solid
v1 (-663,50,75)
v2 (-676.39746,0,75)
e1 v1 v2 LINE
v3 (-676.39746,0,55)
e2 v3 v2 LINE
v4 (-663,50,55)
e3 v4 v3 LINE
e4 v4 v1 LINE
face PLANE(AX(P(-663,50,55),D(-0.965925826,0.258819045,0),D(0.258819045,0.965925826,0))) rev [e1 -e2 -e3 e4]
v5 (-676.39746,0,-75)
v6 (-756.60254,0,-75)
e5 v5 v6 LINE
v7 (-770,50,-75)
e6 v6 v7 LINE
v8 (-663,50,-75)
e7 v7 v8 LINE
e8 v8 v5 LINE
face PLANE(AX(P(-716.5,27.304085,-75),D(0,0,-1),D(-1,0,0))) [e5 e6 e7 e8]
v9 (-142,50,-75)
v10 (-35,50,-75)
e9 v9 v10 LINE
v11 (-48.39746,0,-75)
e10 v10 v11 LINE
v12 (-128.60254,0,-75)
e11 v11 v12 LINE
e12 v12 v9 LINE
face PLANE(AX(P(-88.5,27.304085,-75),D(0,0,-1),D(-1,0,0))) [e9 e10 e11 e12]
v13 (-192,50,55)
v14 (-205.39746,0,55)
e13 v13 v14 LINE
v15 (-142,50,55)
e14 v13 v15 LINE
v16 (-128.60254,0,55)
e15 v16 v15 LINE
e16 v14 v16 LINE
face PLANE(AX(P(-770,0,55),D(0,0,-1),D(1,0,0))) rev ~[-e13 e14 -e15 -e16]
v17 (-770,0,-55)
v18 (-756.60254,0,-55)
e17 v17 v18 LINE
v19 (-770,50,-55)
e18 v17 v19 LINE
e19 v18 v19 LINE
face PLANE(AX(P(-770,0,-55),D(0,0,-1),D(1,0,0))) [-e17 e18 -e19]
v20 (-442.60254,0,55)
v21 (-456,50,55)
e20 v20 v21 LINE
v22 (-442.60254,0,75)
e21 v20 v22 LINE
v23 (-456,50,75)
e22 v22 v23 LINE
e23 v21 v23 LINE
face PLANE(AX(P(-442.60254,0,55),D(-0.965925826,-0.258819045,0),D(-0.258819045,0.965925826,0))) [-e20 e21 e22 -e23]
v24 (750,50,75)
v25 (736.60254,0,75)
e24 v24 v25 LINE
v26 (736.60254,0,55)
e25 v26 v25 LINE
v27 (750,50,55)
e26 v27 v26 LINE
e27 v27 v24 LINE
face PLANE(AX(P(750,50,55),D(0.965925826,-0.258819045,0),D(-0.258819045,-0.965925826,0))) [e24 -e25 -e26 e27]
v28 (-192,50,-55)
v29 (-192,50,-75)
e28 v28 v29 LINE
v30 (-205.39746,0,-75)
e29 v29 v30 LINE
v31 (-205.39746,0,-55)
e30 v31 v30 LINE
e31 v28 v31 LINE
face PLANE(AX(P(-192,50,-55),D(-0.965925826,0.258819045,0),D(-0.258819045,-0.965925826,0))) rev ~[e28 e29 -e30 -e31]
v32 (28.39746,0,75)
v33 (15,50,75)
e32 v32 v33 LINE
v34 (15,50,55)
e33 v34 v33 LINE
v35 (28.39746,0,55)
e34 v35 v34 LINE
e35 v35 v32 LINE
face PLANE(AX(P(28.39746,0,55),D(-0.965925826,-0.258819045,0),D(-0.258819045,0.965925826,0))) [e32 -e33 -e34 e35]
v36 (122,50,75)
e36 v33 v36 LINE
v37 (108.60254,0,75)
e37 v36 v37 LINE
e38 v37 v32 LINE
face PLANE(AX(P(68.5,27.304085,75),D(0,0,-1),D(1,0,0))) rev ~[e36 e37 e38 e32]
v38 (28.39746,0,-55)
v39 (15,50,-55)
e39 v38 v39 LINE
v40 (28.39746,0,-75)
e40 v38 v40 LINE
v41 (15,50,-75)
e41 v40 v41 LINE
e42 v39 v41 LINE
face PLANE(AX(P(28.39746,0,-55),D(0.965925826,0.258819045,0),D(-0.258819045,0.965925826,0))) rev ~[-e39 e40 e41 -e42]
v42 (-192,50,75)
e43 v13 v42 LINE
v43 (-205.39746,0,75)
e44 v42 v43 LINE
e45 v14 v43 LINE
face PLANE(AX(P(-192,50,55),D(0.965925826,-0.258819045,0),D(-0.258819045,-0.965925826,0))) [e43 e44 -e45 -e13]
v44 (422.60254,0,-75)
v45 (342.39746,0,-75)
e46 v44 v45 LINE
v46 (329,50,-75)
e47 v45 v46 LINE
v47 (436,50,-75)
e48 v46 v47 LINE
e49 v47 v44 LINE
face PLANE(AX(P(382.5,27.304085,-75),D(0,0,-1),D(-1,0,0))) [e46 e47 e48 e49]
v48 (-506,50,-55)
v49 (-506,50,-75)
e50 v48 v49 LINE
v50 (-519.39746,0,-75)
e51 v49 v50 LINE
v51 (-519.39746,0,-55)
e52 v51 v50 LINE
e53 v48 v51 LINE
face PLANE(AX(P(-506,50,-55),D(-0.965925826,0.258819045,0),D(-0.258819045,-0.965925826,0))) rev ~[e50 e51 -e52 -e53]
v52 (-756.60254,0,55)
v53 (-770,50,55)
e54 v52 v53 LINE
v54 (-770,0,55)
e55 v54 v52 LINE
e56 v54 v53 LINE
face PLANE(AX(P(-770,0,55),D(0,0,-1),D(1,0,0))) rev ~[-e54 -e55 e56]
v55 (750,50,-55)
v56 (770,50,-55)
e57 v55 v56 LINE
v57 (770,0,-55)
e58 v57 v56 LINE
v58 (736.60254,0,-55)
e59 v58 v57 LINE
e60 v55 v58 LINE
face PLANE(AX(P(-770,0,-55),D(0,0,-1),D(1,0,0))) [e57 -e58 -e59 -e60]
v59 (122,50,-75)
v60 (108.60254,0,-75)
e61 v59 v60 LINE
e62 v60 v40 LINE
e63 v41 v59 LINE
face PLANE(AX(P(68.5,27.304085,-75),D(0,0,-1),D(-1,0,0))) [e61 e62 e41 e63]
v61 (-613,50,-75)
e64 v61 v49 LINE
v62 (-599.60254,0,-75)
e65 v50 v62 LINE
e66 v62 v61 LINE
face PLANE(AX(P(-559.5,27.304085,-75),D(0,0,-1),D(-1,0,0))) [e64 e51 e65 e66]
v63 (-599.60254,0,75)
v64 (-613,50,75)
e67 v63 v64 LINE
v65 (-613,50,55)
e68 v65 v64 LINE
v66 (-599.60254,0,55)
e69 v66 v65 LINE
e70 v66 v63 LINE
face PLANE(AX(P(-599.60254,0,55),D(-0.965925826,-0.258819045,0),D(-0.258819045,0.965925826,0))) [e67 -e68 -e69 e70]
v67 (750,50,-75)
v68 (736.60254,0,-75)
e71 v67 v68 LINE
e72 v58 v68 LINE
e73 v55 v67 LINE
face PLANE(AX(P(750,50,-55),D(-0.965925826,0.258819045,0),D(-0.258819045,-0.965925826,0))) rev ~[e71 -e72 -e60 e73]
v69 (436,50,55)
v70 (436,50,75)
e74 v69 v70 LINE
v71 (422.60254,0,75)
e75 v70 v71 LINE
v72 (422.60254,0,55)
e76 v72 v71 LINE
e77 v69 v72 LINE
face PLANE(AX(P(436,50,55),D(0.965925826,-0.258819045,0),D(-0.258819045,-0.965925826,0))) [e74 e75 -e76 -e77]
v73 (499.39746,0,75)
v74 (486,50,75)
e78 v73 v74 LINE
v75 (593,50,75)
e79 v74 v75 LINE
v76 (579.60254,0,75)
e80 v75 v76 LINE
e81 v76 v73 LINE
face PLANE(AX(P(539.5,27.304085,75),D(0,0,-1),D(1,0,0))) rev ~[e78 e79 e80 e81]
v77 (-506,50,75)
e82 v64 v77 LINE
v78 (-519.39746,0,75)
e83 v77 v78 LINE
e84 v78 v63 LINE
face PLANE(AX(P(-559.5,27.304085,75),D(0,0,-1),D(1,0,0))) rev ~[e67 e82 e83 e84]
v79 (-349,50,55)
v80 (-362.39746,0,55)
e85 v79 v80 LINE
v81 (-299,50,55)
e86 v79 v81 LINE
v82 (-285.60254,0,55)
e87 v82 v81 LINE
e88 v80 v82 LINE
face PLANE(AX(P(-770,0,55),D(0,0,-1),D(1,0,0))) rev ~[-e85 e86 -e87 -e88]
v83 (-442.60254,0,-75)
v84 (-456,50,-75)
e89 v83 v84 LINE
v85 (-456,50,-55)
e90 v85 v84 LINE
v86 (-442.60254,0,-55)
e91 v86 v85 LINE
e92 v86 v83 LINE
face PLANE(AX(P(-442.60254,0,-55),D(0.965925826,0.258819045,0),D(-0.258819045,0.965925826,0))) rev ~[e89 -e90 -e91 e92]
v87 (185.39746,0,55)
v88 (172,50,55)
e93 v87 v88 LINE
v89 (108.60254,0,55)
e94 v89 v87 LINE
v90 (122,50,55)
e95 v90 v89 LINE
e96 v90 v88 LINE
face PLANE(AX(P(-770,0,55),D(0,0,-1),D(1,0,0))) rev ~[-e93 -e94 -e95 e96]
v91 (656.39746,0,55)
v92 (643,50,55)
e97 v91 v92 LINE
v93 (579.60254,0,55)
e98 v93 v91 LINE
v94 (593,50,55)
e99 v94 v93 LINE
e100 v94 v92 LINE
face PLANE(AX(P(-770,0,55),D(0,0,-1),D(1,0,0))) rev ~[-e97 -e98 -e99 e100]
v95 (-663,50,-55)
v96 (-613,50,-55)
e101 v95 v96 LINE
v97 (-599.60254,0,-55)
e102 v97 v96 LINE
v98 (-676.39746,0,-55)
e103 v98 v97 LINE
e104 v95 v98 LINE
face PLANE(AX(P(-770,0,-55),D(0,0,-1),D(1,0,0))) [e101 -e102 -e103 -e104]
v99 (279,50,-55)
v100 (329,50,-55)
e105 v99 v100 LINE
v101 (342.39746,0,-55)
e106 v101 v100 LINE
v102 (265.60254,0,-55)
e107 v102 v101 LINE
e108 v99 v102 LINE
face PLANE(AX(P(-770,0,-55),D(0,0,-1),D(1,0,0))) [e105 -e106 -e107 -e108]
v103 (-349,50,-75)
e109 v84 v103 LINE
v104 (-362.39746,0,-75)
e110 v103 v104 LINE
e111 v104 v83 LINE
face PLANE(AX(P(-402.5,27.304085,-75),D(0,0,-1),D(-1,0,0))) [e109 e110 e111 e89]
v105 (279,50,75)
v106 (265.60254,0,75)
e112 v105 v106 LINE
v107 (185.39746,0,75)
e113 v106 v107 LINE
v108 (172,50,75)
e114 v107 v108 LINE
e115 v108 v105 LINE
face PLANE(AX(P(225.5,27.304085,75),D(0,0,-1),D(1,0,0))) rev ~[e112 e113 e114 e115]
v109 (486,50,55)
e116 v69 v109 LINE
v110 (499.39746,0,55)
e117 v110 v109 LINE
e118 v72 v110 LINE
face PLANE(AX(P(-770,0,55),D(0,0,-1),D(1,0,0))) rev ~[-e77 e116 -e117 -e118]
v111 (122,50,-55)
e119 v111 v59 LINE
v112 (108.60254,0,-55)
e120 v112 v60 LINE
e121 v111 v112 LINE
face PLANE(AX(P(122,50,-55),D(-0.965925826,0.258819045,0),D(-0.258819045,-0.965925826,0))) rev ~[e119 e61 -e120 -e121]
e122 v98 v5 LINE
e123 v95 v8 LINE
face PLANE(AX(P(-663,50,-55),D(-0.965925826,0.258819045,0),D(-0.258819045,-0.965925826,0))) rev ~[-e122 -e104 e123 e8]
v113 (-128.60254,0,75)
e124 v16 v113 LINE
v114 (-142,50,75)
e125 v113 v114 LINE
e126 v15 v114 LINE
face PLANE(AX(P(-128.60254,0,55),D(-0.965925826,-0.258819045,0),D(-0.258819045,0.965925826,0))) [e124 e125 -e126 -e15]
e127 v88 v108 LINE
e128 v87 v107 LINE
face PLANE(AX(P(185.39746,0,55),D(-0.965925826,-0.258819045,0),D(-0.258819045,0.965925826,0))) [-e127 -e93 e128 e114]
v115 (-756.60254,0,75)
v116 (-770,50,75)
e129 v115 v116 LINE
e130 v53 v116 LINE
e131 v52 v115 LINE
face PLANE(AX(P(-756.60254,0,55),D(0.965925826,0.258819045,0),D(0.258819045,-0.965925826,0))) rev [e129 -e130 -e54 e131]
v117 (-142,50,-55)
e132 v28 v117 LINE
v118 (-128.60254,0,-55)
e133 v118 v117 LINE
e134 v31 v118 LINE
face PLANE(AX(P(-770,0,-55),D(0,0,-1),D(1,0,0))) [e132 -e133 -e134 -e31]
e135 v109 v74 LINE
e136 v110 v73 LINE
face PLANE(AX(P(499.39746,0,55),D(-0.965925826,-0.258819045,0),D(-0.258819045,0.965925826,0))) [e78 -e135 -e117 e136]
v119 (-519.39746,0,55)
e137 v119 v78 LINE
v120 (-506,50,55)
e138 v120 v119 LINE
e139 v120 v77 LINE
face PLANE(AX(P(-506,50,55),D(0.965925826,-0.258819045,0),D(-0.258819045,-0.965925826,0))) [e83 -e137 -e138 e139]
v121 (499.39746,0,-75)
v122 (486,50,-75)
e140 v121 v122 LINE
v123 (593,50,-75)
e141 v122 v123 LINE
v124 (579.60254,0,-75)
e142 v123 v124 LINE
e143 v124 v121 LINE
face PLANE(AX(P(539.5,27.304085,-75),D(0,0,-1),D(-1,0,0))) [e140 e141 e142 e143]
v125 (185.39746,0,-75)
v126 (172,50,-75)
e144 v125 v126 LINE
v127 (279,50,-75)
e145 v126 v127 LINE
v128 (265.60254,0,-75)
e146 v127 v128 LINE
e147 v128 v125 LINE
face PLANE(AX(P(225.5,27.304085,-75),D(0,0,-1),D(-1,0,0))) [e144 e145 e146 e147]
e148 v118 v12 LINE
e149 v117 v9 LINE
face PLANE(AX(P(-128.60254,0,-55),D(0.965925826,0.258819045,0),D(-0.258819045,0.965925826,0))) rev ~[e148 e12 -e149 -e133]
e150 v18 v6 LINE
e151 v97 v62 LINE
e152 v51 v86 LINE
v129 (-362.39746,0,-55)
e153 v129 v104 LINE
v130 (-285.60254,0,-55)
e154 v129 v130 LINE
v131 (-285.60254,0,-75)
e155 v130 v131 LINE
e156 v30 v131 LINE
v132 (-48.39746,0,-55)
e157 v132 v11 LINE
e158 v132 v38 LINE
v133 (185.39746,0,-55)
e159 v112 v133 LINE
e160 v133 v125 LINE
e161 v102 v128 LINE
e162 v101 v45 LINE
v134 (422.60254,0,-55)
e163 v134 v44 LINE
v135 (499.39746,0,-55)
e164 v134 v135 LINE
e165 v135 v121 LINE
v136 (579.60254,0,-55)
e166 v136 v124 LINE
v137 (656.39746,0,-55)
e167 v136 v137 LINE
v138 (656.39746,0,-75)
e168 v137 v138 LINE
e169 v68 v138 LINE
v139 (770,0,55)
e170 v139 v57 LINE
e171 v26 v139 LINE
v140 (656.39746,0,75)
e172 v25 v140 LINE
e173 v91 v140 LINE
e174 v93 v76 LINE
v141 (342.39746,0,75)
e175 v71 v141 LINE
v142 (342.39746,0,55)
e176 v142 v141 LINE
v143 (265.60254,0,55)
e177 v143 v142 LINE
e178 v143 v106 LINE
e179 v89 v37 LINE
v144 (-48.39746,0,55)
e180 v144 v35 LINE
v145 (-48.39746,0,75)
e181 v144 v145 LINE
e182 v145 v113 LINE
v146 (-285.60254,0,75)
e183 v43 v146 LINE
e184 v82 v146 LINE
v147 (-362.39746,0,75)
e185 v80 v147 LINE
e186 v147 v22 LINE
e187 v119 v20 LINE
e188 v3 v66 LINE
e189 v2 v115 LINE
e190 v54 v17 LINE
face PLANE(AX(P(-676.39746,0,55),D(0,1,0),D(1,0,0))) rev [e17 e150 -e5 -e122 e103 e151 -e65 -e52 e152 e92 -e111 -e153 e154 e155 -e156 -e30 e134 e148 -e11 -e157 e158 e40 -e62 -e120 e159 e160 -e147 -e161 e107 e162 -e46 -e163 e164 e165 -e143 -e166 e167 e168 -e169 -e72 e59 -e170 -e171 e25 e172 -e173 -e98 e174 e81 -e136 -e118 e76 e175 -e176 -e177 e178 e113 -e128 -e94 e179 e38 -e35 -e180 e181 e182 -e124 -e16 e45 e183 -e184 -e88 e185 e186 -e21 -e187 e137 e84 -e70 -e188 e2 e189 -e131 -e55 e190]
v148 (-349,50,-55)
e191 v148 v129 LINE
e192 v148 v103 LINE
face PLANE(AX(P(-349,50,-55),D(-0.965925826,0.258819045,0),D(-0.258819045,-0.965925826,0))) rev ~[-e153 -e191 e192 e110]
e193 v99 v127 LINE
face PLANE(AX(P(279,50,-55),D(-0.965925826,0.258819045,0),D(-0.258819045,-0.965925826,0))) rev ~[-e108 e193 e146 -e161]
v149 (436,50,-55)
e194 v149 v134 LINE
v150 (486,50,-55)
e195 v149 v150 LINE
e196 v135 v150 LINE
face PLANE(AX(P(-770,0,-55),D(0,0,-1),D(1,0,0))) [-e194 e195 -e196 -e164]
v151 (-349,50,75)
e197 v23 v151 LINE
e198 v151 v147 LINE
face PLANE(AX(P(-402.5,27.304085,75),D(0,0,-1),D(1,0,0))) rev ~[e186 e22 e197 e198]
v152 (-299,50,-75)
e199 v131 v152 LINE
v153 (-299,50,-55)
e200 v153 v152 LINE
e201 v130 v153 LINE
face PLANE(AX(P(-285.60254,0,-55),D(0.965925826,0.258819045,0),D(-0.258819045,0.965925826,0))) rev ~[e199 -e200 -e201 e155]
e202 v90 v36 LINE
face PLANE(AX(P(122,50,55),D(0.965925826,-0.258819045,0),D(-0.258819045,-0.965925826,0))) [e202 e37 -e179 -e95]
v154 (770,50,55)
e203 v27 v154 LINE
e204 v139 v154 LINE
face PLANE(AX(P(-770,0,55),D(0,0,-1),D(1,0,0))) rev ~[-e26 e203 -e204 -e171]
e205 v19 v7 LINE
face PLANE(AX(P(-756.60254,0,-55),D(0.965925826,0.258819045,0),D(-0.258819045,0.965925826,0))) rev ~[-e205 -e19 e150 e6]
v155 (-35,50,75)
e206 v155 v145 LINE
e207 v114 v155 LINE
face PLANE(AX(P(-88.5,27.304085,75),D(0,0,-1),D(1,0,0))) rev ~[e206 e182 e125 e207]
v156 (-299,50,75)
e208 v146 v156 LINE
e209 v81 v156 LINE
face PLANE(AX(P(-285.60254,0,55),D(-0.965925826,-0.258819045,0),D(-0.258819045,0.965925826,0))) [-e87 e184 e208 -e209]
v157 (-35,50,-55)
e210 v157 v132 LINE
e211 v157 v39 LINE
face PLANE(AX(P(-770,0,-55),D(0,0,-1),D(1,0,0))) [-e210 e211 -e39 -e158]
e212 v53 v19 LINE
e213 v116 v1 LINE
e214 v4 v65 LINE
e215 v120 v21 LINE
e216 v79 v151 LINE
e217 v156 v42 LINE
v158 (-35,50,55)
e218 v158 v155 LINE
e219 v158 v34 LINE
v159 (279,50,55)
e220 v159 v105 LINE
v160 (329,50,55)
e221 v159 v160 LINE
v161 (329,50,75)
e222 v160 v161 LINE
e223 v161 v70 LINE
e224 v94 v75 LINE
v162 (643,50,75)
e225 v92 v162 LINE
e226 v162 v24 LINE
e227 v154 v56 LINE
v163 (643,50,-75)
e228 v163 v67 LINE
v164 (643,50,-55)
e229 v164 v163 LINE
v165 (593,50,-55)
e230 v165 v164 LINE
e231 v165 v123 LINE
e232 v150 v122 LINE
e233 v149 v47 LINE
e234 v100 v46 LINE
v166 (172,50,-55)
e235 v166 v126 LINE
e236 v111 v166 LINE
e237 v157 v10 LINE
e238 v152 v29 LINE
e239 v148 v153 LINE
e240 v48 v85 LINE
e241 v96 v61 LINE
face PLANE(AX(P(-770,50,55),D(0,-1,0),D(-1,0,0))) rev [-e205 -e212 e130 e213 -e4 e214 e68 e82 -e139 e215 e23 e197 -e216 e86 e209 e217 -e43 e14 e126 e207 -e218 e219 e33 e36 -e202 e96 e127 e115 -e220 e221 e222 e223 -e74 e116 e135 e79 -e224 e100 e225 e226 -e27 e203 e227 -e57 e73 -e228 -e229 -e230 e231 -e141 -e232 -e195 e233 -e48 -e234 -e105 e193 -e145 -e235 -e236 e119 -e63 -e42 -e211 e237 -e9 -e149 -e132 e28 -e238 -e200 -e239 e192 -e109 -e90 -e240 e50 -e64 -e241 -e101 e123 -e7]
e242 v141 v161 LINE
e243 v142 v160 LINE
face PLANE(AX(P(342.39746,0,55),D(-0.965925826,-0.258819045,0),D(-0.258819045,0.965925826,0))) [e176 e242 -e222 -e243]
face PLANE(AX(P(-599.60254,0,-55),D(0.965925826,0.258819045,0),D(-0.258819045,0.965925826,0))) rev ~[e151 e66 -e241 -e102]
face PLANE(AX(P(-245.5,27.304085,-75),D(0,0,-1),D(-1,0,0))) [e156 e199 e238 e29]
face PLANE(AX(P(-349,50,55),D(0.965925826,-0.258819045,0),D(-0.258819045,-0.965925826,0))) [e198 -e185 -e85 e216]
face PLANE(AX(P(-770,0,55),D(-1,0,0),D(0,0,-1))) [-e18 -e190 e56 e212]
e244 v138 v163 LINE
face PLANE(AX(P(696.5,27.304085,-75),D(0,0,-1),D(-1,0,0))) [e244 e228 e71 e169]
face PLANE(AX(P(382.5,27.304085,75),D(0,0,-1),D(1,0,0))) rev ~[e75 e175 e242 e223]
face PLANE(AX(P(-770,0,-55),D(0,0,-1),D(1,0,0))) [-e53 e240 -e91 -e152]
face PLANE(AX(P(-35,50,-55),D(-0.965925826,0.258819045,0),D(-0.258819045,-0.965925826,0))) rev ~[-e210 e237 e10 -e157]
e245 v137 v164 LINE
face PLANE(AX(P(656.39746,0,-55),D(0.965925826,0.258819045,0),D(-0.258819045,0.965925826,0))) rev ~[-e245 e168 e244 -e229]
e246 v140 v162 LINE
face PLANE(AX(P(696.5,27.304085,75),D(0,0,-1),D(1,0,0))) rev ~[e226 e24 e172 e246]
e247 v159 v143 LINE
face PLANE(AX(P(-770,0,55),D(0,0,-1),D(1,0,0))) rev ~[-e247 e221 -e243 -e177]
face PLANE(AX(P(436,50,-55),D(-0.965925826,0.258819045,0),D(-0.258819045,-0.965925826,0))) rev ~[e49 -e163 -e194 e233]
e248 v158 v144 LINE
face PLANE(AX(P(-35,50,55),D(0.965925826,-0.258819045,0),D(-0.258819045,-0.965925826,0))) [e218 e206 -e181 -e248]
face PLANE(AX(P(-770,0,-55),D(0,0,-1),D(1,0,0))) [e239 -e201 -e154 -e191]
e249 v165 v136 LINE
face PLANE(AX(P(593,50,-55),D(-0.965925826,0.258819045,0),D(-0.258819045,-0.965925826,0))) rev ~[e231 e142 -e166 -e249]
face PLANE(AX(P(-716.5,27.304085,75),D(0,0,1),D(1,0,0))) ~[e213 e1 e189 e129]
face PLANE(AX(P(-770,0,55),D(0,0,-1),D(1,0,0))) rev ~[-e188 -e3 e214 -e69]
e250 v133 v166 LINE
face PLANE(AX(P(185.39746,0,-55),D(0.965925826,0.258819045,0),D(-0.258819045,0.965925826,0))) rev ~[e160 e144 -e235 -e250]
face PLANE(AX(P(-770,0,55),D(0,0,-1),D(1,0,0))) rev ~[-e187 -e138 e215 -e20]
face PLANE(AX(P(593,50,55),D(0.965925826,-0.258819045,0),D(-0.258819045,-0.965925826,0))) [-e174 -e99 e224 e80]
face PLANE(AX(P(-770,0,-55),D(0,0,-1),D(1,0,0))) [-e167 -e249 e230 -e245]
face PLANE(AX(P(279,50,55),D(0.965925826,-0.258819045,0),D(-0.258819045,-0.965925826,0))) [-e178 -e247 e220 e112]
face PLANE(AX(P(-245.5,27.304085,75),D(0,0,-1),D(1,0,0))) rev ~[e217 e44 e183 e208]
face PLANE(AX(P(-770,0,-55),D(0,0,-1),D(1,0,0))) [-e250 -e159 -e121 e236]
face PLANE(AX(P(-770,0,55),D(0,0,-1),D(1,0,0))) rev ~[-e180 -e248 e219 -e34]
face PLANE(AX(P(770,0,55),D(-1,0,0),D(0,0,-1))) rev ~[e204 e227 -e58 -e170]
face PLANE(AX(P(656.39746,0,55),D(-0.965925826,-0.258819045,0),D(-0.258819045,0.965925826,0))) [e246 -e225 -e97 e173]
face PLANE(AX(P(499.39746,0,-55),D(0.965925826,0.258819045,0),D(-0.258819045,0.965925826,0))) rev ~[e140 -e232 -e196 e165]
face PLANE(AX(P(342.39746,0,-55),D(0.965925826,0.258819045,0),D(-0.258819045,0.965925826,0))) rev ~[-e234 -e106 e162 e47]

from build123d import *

# Parameters (mm, degrees)
SKETCH2_W            = 1540
SKETCH2_H            = 110
BOSS_EXTRUDE1_DEPTH  = 50
BOSS_EXTRUDE3_DEPTH  = 20
LPATTERN1_COUNT      = 10
LPATTERN1_PITCH      = 157
MIRROR2_COPY_1_DEPTH = 20
MIRROR2_COPY_2_DEPTH = 20
MIRROR2_COPY_3_DEPTH = 20
MIRROR2_COPY_4_DEPTH = 20
MIRROR2_COPY_5_DEPTH = 20
MIRROR2_COPY_6_DEPTH = 20
MIRROR2_COPY_7_DEPTH = 20
MIRROR2_COPY_8_DEPTH = 20
MIRROR2_COPY_9_DEPTH = 20


with BuildPart() as part:
    # Sketch2 → Boss-Extrude1 (new body)
    with BuildSketch(Plane(origin=(0, 0, 0), x_dir=(1, 0, 0), z_dir=(0, 1, 0))):
        Rectangle(SKETCH2_W, SKETCH2_H)
    extrude(amount=BOSS_EXTRUDE1_DEPTH)

    # Sketch4 → Boss-Extrude3 (add)
    with BuildSketch(Plane(origin=(0, 0, -55), x_dir=(-1, 0, 0), z_dir=(0, 0, -1))):
        Polygon((663, 50), (676.397459622, 0), (756.602540378, 0), (770, 50), align=None)
    boss_extrude3 = extrude(amount=BOSS_EXTRUDE3_DEPTH)

    # LPattern1: Boss-Extrude3 ×10
    with Locations(*[(i * LPATTERN1_PITCH, 0, 0) for i in range(1, LPATTERN1_COUNT)]):
        add(boss_extrude3)

    # Mirror2: Boss-Extrude3 across plane
    add(boss_extrude3.mirror(Plane(origin=(0, 0, 0), x_dir=(1, 0, 0), z_dir=(0, 0, -1))))

    # Mirror2 copy 1 sketch → Mirror2 copy 1 (add)
    with BuildSketch(Plane(origin=(157, 0, 55), x_dir=(-1, 0, 0), z_dir=(0, 0, 1))):
        Polygon((663, -50), (676.397459622, 0), (756.602540378, 0), (770, -50), align=None)
    extrude(amount=MIRROR2_COPY_1_DEPTH)

    # Mirror2 copy 2 sketch → Mirror2 copy 2 (add)
    with BuildSketch(Plane(origin=(314, 0, 55), x_dir=(-1, 0, 0), z_dir=(0, 0, 1))):
        Polygon((663, -50), (676.397459622, 0), (756.602540378, 0), (770, -50), align=None)
    extrude(amount=MIRROR2_COPY_2_DEPTH)

    # Mirror2 copy 3 sketch → Mirror2 copy 3 (add)
    with BuildSketch(Plane(origin=(471, 0, 55), x_dir=(-1, 0, 0), z_dir=(0, 0, 1))):
        Polygon((663, -50), (676.397459622, 0), (756.602540378, 0), (770, -50), align=None)
    extrude(amount=MIRROR2_COPY_3_DEPTH)

    # Mirror2 copy 4 sketch → Mirror2 copy 4 (add)
    with BuildSketch(Plane(origin=(628, 0, 55), x_dir=(-1, 0, 0), z_dir=(0, 0, 1))):
        Polygon((663, -50), (676.397459622, 0), (756.602540378, 0), (770, -50), align=None)
    extrude(amount=MIRROR2_COPY_4_DEPTH)

    # Mirror2 copy 5 sketch → Mirror2 copy 5 (add)
    with BuildSketch(Plane(origin=(785, 0, 55), x_dir=(-1, 0, 0), z_dir=(0, 0, 1))):
        Polygon((663, -50), (676.397459622, 0), (756.602540378, 0), (770, -50), align=None)
    extrude(amount=MIRROR2_COPY_5_DEPTH)

    # Mirror2 copy 6 sketch → Mirror2 copy 6 (add)
    with BuildSketch(Plane(origin=(942, 0, 55), x_dir=(-1, 0, 0), z_dir=(0, 0, 1))):
        Polygon((663, -50), (676.397459622, 0), (756.602540378, 0), (770, -50), align=None)
    extrude(amount=MIRROR2_COPY_6_DEPTH)

    # Mirror2 copy 7 sketch → Mirror2 copy 7 (add)
    with BuildSketch(Plane(origin=(1099, 0, 55), x_dir=(-1, 0, 0), z_dir=(0, 0, 1))):
        Polygon((663, -50), (676.397459622, 0), (756.602540378, 0), (770, -50), align=None)
    extrude(amount=MIRROR2_COPY_7_DEPTH)

    # Mirror2 copy 8 sketch → Mirror2 copy 8 (add)
    with BuildSketch(Plane(origin=(1256, 0, 55), x_dir=(-1, 0, 0), z_dir=(0, 0, 1))):
        Polygon((663, -50), (676.397459622, 0), (756.602540378, 0), (770, -50), align=None)
    extrude(amount=MIRROR2_COPY_8_DEPTH)

    # Mirror2 copy 9 sketch → Mirror2 copy 9 (add)
    with BuildSketch(Plane(origin=(1413, 0, 55), x_dir=(-1, 0, 0), z_dir=(0, 0, 1))):
        Polygon((663, -50), (676.397459622, 0), (756.602540378, 0), (770, -50), align=None)
    extrude(amount=MIRROR2_COPY_9_DEPTH)


solid = part.part
